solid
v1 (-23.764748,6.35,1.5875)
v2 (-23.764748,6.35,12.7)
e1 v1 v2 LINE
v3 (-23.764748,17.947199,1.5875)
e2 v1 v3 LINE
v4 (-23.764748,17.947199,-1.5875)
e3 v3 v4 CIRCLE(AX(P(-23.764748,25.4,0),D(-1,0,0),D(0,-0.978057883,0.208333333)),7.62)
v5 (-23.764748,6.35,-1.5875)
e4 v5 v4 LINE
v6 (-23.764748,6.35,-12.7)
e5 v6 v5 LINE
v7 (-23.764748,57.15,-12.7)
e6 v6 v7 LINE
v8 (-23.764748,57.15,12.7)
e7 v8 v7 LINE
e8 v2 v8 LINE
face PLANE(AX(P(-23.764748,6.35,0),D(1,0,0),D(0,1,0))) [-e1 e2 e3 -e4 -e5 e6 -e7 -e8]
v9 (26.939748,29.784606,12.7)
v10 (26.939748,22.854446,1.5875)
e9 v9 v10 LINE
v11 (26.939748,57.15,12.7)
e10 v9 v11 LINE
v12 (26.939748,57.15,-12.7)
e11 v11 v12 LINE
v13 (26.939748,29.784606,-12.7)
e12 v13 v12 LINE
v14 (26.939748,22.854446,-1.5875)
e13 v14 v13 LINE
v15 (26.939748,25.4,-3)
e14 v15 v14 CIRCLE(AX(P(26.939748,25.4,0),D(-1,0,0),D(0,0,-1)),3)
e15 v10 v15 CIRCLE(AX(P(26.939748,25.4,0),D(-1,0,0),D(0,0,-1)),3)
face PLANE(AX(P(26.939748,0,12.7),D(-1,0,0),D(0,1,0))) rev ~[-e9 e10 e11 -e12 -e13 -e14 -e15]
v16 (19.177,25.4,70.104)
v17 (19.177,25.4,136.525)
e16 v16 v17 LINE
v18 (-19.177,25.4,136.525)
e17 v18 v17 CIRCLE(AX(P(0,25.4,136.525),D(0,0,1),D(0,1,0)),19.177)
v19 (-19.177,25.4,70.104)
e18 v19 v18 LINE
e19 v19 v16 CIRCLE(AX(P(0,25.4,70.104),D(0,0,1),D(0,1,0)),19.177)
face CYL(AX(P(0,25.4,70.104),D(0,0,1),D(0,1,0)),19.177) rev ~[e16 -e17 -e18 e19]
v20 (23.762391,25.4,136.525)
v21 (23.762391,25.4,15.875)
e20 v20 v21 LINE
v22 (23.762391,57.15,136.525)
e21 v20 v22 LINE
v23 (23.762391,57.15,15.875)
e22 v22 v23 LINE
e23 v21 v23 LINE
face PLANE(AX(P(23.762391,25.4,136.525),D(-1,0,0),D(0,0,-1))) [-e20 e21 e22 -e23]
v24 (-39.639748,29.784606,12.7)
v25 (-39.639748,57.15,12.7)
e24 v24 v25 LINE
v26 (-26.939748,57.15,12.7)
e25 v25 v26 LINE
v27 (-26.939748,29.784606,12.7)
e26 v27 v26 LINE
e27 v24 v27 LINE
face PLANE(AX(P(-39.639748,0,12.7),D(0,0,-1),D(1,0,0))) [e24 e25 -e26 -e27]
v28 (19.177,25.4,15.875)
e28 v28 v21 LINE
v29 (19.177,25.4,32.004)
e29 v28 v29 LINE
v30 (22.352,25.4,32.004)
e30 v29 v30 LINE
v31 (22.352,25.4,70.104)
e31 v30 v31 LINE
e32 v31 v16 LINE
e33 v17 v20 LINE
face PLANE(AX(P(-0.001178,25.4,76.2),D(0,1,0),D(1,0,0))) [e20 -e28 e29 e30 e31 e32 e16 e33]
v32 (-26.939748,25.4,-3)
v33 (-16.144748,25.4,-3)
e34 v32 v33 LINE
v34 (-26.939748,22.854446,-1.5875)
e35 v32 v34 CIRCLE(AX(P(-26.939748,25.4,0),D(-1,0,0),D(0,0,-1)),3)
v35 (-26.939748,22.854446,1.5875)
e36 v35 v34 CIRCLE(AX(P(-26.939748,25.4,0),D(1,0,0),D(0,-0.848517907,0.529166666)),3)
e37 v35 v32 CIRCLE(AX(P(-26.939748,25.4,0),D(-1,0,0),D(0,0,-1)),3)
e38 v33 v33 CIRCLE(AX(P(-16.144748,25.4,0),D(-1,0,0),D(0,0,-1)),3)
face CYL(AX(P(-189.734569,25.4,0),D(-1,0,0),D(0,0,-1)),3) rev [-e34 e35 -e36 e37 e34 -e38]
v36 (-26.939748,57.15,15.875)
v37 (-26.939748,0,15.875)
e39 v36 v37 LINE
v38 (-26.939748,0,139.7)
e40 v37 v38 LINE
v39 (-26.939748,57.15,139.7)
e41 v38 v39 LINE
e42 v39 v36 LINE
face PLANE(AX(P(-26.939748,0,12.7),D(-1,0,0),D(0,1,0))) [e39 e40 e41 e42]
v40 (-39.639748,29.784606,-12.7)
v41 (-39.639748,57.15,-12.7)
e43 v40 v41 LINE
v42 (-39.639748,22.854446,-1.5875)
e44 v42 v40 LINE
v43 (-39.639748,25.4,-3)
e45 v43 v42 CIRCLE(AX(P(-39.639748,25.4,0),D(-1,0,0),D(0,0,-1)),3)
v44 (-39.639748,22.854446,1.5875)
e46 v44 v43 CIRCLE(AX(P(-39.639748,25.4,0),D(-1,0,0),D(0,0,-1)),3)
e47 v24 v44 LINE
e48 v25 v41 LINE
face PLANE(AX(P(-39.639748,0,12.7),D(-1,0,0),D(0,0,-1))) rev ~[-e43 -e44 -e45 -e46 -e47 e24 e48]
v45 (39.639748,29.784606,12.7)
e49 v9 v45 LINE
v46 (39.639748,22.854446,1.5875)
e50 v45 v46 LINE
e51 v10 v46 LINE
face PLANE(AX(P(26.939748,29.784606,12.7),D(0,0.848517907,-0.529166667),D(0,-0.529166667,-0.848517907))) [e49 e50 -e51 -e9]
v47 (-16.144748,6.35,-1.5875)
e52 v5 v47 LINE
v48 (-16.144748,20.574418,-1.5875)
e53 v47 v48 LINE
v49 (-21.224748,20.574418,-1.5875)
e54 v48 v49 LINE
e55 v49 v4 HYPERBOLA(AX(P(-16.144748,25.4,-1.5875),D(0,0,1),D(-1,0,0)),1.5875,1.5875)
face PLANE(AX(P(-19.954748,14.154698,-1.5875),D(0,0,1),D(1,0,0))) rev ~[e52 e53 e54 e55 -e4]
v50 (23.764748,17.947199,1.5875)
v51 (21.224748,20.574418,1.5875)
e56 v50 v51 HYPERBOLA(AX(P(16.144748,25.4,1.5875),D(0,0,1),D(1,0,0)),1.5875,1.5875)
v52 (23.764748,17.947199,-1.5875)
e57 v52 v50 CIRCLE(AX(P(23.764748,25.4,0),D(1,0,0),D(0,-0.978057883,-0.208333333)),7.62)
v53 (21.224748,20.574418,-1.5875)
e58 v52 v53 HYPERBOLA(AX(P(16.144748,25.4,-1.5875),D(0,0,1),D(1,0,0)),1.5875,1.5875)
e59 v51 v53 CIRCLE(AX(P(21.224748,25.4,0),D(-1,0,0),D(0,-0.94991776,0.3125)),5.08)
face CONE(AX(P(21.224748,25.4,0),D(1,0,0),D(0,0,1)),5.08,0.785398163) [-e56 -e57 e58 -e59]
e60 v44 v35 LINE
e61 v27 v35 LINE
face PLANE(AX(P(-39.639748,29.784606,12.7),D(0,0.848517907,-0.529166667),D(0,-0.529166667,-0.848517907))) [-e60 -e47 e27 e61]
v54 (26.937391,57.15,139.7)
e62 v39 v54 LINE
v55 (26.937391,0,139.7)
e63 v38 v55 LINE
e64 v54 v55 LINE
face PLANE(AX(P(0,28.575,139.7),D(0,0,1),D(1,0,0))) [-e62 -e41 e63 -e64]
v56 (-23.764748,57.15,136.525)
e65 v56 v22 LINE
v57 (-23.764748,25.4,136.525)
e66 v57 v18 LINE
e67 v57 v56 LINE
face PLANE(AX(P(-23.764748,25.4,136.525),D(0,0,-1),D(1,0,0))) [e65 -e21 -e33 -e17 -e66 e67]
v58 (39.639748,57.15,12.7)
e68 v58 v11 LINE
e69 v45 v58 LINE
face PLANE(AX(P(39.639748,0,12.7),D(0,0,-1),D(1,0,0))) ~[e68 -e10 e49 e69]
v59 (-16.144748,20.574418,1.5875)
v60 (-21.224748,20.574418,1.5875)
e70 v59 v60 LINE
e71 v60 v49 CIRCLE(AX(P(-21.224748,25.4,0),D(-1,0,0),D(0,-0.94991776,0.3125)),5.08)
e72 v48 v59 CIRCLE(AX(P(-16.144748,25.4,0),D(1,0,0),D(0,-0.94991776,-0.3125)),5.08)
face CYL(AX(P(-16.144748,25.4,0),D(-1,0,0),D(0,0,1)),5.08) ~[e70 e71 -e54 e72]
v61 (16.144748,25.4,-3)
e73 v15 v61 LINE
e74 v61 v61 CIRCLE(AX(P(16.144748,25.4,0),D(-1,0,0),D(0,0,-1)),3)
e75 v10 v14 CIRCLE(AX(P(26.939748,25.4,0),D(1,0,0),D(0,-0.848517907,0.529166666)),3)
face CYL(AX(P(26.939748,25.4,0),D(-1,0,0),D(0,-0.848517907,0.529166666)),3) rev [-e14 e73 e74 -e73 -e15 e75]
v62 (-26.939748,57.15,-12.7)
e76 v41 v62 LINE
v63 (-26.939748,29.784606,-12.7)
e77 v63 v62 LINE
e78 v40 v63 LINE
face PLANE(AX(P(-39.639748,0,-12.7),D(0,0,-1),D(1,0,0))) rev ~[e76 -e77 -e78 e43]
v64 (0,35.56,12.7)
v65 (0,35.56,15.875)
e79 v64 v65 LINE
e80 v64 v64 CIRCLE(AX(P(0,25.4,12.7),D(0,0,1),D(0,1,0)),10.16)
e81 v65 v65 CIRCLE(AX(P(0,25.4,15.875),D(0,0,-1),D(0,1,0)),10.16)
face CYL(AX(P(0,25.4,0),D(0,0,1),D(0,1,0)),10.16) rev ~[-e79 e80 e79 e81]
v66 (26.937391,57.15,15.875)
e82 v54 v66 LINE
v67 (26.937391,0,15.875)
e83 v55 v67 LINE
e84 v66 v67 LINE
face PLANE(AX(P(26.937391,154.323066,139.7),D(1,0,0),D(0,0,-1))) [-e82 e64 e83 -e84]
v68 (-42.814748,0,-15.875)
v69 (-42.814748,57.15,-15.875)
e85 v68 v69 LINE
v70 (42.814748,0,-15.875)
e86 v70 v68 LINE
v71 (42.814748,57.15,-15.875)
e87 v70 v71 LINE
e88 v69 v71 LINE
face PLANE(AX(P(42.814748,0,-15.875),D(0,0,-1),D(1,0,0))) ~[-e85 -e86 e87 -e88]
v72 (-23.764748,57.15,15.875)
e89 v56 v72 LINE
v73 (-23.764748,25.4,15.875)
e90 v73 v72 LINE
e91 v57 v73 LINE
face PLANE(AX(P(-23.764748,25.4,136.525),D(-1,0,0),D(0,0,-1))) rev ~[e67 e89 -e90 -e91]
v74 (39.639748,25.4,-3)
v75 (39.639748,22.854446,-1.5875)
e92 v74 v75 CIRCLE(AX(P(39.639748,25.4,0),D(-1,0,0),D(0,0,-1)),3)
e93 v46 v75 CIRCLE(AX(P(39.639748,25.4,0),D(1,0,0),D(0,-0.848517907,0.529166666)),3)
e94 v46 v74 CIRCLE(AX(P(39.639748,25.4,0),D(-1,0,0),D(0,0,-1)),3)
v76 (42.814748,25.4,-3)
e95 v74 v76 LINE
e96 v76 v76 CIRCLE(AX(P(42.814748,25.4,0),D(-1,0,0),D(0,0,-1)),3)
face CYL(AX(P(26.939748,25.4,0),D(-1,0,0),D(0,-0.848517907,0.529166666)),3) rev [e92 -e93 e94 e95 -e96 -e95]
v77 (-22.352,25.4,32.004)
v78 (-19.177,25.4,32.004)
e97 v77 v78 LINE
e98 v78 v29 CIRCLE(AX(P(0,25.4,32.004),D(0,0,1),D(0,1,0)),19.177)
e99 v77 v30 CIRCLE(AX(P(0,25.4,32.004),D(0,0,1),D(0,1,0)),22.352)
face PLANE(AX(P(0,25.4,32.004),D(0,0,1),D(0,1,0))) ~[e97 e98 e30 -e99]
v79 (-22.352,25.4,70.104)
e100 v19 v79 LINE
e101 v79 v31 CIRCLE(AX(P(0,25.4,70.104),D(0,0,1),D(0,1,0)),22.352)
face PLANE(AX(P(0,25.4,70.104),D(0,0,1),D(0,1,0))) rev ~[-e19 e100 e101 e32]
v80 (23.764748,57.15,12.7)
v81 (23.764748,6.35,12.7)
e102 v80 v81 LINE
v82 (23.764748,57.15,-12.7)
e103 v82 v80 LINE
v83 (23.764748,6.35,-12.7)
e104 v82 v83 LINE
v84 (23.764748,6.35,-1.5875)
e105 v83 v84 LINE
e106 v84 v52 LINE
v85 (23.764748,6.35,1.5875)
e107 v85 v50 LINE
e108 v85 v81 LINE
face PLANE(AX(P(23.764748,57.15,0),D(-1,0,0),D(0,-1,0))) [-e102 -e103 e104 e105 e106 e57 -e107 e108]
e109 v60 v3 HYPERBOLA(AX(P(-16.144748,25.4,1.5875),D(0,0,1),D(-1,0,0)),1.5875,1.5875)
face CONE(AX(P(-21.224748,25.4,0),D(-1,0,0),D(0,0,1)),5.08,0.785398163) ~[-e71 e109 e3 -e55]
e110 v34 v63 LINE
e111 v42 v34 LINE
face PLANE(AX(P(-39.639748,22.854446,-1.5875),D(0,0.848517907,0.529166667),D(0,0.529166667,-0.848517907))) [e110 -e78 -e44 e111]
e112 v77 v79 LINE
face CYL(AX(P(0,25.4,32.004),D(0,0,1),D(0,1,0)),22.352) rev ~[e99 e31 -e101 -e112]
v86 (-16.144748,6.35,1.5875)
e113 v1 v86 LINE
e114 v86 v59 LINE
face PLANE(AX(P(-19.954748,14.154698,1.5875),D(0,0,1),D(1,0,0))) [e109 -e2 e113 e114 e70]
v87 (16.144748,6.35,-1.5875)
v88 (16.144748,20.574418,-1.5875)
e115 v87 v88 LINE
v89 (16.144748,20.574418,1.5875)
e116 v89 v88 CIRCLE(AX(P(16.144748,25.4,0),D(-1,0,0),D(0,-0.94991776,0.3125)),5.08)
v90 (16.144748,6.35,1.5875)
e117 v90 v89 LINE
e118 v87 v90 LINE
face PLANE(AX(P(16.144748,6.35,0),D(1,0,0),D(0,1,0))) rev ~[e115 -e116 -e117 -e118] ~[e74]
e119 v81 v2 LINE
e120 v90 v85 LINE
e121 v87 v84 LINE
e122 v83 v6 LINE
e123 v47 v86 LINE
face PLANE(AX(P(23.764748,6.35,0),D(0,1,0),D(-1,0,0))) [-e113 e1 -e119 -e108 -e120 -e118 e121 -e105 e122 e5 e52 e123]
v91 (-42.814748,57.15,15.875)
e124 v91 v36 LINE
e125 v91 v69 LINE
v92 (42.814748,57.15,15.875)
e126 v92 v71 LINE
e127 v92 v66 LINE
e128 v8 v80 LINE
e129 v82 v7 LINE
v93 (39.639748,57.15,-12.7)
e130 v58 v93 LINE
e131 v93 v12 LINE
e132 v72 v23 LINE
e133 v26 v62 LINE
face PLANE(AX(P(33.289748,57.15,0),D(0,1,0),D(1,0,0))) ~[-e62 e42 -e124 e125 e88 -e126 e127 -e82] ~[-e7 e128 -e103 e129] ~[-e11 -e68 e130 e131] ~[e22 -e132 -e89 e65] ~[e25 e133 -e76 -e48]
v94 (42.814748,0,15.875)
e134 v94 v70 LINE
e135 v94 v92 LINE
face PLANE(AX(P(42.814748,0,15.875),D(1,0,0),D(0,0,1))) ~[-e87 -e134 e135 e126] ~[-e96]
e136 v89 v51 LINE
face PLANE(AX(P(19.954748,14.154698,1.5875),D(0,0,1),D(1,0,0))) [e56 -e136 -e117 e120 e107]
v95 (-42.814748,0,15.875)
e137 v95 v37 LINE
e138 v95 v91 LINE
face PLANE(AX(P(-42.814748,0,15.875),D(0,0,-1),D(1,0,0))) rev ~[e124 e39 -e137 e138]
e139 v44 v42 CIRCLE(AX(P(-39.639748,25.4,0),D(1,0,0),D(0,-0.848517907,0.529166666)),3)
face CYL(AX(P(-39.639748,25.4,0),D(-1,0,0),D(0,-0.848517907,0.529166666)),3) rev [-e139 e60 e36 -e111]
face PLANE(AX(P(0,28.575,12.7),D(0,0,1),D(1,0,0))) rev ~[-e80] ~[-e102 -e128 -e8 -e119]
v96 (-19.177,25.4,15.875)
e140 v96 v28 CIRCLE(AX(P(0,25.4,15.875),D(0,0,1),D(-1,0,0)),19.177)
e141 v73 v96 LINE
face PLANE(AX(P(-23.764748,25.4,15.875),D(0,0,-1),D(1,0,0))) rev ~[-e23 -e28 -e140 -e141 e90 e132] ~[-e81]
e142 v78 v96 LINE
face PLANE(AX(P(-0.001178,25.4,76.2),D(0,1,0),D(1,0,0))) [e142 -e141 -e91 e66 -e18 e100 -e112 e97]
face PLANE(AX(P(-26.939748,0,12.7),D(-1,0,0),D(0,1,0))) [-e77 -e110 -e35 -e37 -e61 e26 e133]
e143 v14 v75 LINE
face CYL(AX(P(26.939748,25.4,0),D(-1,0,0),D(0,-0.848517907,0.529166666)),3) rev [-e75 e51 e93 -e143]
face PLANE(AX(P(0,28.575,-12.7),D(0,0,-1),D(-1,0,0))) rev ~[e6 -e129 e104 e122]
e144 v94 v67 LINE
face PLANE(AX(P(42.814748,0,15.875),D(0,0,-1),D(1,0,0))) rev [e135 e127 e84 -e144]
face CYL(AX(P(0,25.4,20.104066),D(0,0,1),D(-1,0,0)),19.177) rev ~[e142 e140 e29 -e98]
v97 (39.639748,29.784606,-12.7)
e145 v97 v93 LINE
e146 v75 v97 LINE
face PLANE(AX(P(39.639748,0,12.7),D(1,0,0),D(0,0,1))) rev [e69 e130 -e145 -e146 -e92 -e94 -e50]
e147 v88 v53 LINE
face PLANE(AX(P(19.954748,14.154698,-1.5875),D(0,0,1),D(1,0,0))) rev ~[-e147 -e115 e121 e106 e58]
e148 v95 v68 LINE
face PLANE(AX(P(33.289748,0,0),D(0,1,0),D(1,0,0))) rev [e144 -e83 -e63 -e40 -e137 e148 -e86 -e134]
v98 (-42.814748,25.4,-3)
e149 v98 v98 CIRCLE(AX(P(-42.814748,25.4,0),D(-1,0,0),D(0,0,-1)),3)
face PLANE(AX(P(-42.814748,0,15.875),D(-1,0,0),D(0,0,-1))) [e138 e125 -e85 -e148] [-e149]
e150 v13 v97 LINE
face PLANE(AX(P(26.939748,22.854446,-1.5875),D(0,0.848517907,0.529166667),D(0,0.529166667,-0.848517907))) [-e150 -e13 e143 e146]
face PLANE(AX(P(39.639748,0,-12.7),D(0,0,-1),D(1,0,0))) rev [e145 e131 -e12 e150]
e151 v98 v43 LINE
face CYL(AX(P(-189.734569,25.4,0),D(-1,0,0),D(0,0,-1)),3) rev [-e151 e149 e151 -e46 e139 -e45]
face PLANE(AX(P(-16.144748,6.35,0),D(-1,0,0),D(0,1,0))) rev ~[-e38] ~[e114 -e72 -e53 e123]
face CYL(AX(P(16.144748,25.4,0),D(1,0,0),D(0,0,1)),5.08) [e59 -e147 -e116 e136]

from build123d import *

# Parameters (mm, degrees)
BOSS_EXTRUDE1_DEPTH      = 12.7
SKETCH2_W                = 53.879496
SKETCH2_H                = 57.15
BOSS_EXTRUDE2_DEPTH      = 3.175
CUT_EXTRUDE2_DEPTH       = 66.145131417
CUT_EXTRUDE2_DEPTH_BACK  = 66.145131417
SKETCH3_R                = 3
SKETCH5_W                = 53.879496
SKETCH5_H                = 25.4
SKETCH5_R                = 3.4925
BOSS_EXTRUDE3_DEPTH      = 6.35
SKETCH7_W                = 7.62
SKETCH7_H                = 15.609396712
BOSS_EXTRUDE7_DEPTH      = 1.5875
SKETCH8_W                = 53.879496
SKETCH8_H                = 57.15
BOSS_EXTRUDE8_DEPTH      = 127
CUT_EXTRUDE7_DEPTH       = 154.323065852
CUT_EXTRUDE7_DEPTH_BACK  = 154.323065852
SKETCH13_W               = 0.002356984
SKETCH13_H               = 124.229061331
CUT_EXTRUDE8_START       = -31.75
SKETCH14_W               = 47.527139016
SKETCH14_H               = 120.65
CUT_EXTRUDE8_DEPTH       = 31.75
CUT_EXTRUDE9_DEPTH       = 4.229066359
SKETCH16_W               = 53.879496
SKETCH16_H               = 25.4
CUT_EXTRUDE10_DEPTH      = 152.071109158
SKETCH18_W               = 19.05
SKETCH18_H               = 31.75
SKETCH18_W_2             = 12.7
SKETCH18_H_2             = 25.4
BOSS_EXTRUDE10_DEPTH     = 57.15
BOSS_EXTRUDE11_START     = -39.639748
BOSS_EXTRUDE11_DEPTH     = 12.7
BOSS_EXTRUDE12_START     = 26.939748
BOSS_EXTRUDE12_DEPTH     = 12.7
CUT_EXTRUDE11_DEPTH      = 165.969820839
CUT_EXTRUDE11_DEPTH_BACK = 165.969820839
SKETCH20_R               = 3


with BuildPart() as part:
    # Sketch1 → Boss-Extrude1 (new, symmetric)
    with BuildSketch(Plane.XY):
        Polygon((-26.939748, 0), (26.939748, 0), (26.939748, 6.35), (26.939748, 57.15), (23.764748, 57.15), (23.764748, 6.35), (-23.764748, 6.35), (-23.764748, 57.15), (-26.939748, 57.15), (-26.939748, 6.35), align=None)
    extrude(amount=BOSS_EXTRUDE1_DEPTH, both=True)

    # Sketch2 → Boss-Extrude2 (add)
    with BuildSketch(Plane(origin=(0, 0, -12.7), x_dir=(-1, 0, 0), z_dir=(0, 0, -1))):
        with Locations((0, 28.575)):
            Rectangle(SKETCH2_W, SKETCH2_H)
    extrude(amount=BOSS_EXTRUDE2_DEPTH)

    # Sketch6 → Revolve2 (revolve)
    with BuildSketch(Plane.XY, mode=Mode.PRIVATE) as revolve2_sk:
        Polygon((-23.764748, 25.4), (-16.144748, 25.4), (-16.144748, 30.48), (-21.224748, 30.48), (-23.764748, 33.02), align=None)
        Polygon((23.764748, 33.02), (23.764748, 25.4), (16.144748, 25.4), (16.144748, 30.48), (21.224748, 30.48), align=None)
    revolve(revolve2_sk.sketch.rotate(Axis((-23.764748, 25.4, 0), (1, 0, 0)), 90), axis=Axis((-23.764748, 25.4, 0), (1, 0, 0)))

    # Sketch3 → Cut-Extrude2 (cut, two sides: drawn at the far end of the back side and taken through both)
    with BuildSketch(Plane(origin=(0, 0, 0), x_dir=(0, 0, -1), z_dir=(1, 0, 0)).offset(-CUT_EXTRUDE2_DEPTH_BACK)):
        with Locations((0, 25.4)):
            Circle(SKETCH3_R)
    extrude(amount=CUT_EXTRUDE2_DEPTH + CUT_EXTRUDE2_DEPTH_BACK, mode=Mode.SUBTRACT)

    # Sketch5 → Boss-Extrude3 (add)
    with BuildSketch(Plane.XZ):
        with Locations((0, -28.575)):
            Rectangle(SKETCH5_W, SKETCH5_H)
        with Locations(Location((7.889748, -28.575, 0), (0, 0, 270))):
            Circle(SKETCH5_R, mode=Mode.SUBTRACT)
        with Locations(Location((-17.510252, -28.575, 0), (0, 0, 270))):
            Circle(SKETCH5_R, mode=Mode.SUBTRACT)
    extrude(amount=-BOSS_EXTRUDE3_DEPTH)

    # Sketch7 → Boss-Extrude7 (add, symmetric)
    with BuildSketch(Plane.XY):
        with Locations((-19.954748, 14.154698356)):
            Rectangle(SKETCH7_W, SKETCH7_H)
        with Locations((19.954748, 14.154698356)):
            Rectangle(SKETCH7_W, SKETCH7_H)
    extrude(amount=BOSS_EXTRUDE7_DEPTH, both=True)

    # Sketch8 → Boss-Extrude8 (add)
    with BuildSketch(Plane.XY.offset(12.7)):
        with Locations((0, 28.575)):
            Rectangle(SKETCH8_W, SKETCH8_H)
    extrude(amount=BOSS_EXTRUDE8_DEPTH)

    # Sketch9 → Cut-Revolve1 (revolve, cut)
    with BuildSketch(Plane(origin=(0, 0, 0), x_dir=(0, 0, -1), z_dir=(1, 0, 0))):
        Polygon((-70.104, 47.752), (-70.104, 44.577), (-136.525, 44.577), (-136.525, 25.4), (-70.104, 25.4), (0, 25.4), (0, 35.56), (-20.104066359, 35.56), (-20.104066359, 44.577), (-32.004, 44.577), (-32.004, 47.752), align=None)
    revolve(axis=Axis((0, 25.4, 0), (0, 0, 1)), mode=Mode.SUBTRACT)

    # Sketch13 → Cut-Extrude7 (cut, two sides: drawn at the far end of the back side and taken through both)
    with BuildSketch(Plane(origin=(0, 0, 0), x_dir=(-1, 0, 0), z_dir=(0, -1, 0)).offset(-CUT_EXTRUDE7_DEPTH_BACK)):
        with Locations((26.940926492, -77.585469335)):
            Rectangle(SKETCH13_W, SKETCH13_H)
        with Locations((-26.938569508, -77.585469335)):
            Rectangle(SKETCH13_W, SKETCH13_H)
    extrude(amount=CUT_EXTRUDE7_DEPTH + CUT_EXTRUDE7_DEPTH_BACK, mode=Mode.SUBTRACT)

    # Sketch14 → Cut-Extrude8 (cut)
    with BuildSketch(Plane(origin=(0, 57.15, 0), x_dir=(1, 0, 0), z_dir=(0, 1, 0)).offset(CUT_EXTRUDE8_START)):
        with Locations((-0.001178492, -76.2)):
            Rectangle(SKETCH14_W, SKETCH14_H)
    extrude(amount=CUT_EXTRUDE8_DEPTH, mode=Mode.SUBTRACT)

    # Sketch15 → Cut-Extrude9 (cut)
    with BuildSketch(Plane.XY.offset(20.104066359)):
        with BuildLine():
            Line((-10.16, 25.4), (-19.177, 25.4))
            ThreePointArc((-19.177, 25.4), (0, 6.223), (19.177, 25.4))
            Line((19.177, 25.4), (10.16, 25.4))
            ThreePointArc((10.16, 25.4), (0, 15.24), (-10.16, 25.4))
        make_face()
    extrude(amount=-CUT_EXTRUDE9_DEPTH, mode=Mode.SUBTRACT)

    # Sketch16 → Cut-Extrude10 (cut, through all)
    with BuildSketch(Plane(origin=(0, 6.35, 0), x_dir=(1, 0, 0), z_dir=(0, 1, 0))):
        with Locations((0, 28.575)):
            Rectangle(SKETCH16_W, SKETCH16_H)
    extrude(amount=-CUT_EXTRUDE10_DEPTH, mode=Mode.SUBTRACT)

    # Sketch18 → Boss-Extrude10 (add)
    with BuildSketch(Plane(origin=(0, 0, 0), x_dir=(1, 0, 0), z_dir=(0, 1, 0))):
        with Locations((-33.289748, 0)):
            Rectangle(SKETCH18_W, SKETCH18_H)
        with Locations((-33.289748, 0)):
            Rectangle(SKETCH18_W_2, SKETCH18_H_2, mode=Mode.SUBTRACT)
    boss_extrude10 = extrude(amount=BOSS_EXTRUDE10_DEPTH)

    # Sketch19 → Boss-Extrude11 (add)
    with BuildSketch(Plane(origin=(0, 0, 0), x_dir=(0, 0, -1), z_dir=(1, 0, 0)).offset(BOSS_EXTRUDE11_START)):
        with BuildLine():
            Line((1.5875, 22.854446278), (12.7, 29.784605952))
            Line((12.7, 29.784605952), (12.7, 0))
            Line((12.7, 0), (-12.7, 0))
            Line((-12.7, 0), (-12.7, 29.784605952))
            Line((-12.7, 29.784605952), (-1.5875, 22.854446278))
            ThreePointArc((-1.5875, 22.854446278), (0, 22.4), (1.5875, 22.854446278))
        make_face()
    extrude(amount=BOSS_EXTRUDE11_DEPTH)

    # Mirror4: Boss-Extrude10 across plane
    add(boss_extrude10.mirror(Plane(origin=(0, 0, 0), x_dir=(0, 0, 1), z_dir=(1, 0, 0))))

    # Sketch19<2> → Boss-Extrude12 (add)
    with BuildSketch(Plane(origin=(0, 0, 0), x_dir=(0, 0, -1), z_dir=(1, 0, 0)).offset(BOSS_EXTRUDE12_START)):
        with BuildLine():
            Line((1.5875, 22.854446278), (12.7, 29.784605952))
            Line((12.7, 29.784605952), (12.7, 0))
            Line((12.7, 0), (-12.7, 0))
            Line((-12.7, 0), (-12.7, 29.784605952))
            Line((-12.7, 29.784605952), (-1.5875, 22.854446278))
            ThreePointArc((-1.5875, 22.854446278), (0, 22.4), (1.5875, 22.854446278))
        make_face()
    extrude(amount=BOSS_EXTRUDE12_DEPTH)

    # Sketch20 → Cut-Extrude11 (cut, two sides: drawn at the far end of the back side and taken through both)
    with BuildSketch(Plane(origin=(-23.764748, 0, 0), x_dir=(0, 0, -1), z_dir=(1, 0, 0)).offset(-CUT_EXTRUDE11_DEPTH_BACK)):
        with Locations((0, 25.4)):
            Circle(SKETCH20_R)
    extrude(amount=CUT_EXTRUDE11_DEPTH + CUT_EXTRUDE11_DEPTH_BACK, mode=Mode.SUBTRACT)


solid = part.part
